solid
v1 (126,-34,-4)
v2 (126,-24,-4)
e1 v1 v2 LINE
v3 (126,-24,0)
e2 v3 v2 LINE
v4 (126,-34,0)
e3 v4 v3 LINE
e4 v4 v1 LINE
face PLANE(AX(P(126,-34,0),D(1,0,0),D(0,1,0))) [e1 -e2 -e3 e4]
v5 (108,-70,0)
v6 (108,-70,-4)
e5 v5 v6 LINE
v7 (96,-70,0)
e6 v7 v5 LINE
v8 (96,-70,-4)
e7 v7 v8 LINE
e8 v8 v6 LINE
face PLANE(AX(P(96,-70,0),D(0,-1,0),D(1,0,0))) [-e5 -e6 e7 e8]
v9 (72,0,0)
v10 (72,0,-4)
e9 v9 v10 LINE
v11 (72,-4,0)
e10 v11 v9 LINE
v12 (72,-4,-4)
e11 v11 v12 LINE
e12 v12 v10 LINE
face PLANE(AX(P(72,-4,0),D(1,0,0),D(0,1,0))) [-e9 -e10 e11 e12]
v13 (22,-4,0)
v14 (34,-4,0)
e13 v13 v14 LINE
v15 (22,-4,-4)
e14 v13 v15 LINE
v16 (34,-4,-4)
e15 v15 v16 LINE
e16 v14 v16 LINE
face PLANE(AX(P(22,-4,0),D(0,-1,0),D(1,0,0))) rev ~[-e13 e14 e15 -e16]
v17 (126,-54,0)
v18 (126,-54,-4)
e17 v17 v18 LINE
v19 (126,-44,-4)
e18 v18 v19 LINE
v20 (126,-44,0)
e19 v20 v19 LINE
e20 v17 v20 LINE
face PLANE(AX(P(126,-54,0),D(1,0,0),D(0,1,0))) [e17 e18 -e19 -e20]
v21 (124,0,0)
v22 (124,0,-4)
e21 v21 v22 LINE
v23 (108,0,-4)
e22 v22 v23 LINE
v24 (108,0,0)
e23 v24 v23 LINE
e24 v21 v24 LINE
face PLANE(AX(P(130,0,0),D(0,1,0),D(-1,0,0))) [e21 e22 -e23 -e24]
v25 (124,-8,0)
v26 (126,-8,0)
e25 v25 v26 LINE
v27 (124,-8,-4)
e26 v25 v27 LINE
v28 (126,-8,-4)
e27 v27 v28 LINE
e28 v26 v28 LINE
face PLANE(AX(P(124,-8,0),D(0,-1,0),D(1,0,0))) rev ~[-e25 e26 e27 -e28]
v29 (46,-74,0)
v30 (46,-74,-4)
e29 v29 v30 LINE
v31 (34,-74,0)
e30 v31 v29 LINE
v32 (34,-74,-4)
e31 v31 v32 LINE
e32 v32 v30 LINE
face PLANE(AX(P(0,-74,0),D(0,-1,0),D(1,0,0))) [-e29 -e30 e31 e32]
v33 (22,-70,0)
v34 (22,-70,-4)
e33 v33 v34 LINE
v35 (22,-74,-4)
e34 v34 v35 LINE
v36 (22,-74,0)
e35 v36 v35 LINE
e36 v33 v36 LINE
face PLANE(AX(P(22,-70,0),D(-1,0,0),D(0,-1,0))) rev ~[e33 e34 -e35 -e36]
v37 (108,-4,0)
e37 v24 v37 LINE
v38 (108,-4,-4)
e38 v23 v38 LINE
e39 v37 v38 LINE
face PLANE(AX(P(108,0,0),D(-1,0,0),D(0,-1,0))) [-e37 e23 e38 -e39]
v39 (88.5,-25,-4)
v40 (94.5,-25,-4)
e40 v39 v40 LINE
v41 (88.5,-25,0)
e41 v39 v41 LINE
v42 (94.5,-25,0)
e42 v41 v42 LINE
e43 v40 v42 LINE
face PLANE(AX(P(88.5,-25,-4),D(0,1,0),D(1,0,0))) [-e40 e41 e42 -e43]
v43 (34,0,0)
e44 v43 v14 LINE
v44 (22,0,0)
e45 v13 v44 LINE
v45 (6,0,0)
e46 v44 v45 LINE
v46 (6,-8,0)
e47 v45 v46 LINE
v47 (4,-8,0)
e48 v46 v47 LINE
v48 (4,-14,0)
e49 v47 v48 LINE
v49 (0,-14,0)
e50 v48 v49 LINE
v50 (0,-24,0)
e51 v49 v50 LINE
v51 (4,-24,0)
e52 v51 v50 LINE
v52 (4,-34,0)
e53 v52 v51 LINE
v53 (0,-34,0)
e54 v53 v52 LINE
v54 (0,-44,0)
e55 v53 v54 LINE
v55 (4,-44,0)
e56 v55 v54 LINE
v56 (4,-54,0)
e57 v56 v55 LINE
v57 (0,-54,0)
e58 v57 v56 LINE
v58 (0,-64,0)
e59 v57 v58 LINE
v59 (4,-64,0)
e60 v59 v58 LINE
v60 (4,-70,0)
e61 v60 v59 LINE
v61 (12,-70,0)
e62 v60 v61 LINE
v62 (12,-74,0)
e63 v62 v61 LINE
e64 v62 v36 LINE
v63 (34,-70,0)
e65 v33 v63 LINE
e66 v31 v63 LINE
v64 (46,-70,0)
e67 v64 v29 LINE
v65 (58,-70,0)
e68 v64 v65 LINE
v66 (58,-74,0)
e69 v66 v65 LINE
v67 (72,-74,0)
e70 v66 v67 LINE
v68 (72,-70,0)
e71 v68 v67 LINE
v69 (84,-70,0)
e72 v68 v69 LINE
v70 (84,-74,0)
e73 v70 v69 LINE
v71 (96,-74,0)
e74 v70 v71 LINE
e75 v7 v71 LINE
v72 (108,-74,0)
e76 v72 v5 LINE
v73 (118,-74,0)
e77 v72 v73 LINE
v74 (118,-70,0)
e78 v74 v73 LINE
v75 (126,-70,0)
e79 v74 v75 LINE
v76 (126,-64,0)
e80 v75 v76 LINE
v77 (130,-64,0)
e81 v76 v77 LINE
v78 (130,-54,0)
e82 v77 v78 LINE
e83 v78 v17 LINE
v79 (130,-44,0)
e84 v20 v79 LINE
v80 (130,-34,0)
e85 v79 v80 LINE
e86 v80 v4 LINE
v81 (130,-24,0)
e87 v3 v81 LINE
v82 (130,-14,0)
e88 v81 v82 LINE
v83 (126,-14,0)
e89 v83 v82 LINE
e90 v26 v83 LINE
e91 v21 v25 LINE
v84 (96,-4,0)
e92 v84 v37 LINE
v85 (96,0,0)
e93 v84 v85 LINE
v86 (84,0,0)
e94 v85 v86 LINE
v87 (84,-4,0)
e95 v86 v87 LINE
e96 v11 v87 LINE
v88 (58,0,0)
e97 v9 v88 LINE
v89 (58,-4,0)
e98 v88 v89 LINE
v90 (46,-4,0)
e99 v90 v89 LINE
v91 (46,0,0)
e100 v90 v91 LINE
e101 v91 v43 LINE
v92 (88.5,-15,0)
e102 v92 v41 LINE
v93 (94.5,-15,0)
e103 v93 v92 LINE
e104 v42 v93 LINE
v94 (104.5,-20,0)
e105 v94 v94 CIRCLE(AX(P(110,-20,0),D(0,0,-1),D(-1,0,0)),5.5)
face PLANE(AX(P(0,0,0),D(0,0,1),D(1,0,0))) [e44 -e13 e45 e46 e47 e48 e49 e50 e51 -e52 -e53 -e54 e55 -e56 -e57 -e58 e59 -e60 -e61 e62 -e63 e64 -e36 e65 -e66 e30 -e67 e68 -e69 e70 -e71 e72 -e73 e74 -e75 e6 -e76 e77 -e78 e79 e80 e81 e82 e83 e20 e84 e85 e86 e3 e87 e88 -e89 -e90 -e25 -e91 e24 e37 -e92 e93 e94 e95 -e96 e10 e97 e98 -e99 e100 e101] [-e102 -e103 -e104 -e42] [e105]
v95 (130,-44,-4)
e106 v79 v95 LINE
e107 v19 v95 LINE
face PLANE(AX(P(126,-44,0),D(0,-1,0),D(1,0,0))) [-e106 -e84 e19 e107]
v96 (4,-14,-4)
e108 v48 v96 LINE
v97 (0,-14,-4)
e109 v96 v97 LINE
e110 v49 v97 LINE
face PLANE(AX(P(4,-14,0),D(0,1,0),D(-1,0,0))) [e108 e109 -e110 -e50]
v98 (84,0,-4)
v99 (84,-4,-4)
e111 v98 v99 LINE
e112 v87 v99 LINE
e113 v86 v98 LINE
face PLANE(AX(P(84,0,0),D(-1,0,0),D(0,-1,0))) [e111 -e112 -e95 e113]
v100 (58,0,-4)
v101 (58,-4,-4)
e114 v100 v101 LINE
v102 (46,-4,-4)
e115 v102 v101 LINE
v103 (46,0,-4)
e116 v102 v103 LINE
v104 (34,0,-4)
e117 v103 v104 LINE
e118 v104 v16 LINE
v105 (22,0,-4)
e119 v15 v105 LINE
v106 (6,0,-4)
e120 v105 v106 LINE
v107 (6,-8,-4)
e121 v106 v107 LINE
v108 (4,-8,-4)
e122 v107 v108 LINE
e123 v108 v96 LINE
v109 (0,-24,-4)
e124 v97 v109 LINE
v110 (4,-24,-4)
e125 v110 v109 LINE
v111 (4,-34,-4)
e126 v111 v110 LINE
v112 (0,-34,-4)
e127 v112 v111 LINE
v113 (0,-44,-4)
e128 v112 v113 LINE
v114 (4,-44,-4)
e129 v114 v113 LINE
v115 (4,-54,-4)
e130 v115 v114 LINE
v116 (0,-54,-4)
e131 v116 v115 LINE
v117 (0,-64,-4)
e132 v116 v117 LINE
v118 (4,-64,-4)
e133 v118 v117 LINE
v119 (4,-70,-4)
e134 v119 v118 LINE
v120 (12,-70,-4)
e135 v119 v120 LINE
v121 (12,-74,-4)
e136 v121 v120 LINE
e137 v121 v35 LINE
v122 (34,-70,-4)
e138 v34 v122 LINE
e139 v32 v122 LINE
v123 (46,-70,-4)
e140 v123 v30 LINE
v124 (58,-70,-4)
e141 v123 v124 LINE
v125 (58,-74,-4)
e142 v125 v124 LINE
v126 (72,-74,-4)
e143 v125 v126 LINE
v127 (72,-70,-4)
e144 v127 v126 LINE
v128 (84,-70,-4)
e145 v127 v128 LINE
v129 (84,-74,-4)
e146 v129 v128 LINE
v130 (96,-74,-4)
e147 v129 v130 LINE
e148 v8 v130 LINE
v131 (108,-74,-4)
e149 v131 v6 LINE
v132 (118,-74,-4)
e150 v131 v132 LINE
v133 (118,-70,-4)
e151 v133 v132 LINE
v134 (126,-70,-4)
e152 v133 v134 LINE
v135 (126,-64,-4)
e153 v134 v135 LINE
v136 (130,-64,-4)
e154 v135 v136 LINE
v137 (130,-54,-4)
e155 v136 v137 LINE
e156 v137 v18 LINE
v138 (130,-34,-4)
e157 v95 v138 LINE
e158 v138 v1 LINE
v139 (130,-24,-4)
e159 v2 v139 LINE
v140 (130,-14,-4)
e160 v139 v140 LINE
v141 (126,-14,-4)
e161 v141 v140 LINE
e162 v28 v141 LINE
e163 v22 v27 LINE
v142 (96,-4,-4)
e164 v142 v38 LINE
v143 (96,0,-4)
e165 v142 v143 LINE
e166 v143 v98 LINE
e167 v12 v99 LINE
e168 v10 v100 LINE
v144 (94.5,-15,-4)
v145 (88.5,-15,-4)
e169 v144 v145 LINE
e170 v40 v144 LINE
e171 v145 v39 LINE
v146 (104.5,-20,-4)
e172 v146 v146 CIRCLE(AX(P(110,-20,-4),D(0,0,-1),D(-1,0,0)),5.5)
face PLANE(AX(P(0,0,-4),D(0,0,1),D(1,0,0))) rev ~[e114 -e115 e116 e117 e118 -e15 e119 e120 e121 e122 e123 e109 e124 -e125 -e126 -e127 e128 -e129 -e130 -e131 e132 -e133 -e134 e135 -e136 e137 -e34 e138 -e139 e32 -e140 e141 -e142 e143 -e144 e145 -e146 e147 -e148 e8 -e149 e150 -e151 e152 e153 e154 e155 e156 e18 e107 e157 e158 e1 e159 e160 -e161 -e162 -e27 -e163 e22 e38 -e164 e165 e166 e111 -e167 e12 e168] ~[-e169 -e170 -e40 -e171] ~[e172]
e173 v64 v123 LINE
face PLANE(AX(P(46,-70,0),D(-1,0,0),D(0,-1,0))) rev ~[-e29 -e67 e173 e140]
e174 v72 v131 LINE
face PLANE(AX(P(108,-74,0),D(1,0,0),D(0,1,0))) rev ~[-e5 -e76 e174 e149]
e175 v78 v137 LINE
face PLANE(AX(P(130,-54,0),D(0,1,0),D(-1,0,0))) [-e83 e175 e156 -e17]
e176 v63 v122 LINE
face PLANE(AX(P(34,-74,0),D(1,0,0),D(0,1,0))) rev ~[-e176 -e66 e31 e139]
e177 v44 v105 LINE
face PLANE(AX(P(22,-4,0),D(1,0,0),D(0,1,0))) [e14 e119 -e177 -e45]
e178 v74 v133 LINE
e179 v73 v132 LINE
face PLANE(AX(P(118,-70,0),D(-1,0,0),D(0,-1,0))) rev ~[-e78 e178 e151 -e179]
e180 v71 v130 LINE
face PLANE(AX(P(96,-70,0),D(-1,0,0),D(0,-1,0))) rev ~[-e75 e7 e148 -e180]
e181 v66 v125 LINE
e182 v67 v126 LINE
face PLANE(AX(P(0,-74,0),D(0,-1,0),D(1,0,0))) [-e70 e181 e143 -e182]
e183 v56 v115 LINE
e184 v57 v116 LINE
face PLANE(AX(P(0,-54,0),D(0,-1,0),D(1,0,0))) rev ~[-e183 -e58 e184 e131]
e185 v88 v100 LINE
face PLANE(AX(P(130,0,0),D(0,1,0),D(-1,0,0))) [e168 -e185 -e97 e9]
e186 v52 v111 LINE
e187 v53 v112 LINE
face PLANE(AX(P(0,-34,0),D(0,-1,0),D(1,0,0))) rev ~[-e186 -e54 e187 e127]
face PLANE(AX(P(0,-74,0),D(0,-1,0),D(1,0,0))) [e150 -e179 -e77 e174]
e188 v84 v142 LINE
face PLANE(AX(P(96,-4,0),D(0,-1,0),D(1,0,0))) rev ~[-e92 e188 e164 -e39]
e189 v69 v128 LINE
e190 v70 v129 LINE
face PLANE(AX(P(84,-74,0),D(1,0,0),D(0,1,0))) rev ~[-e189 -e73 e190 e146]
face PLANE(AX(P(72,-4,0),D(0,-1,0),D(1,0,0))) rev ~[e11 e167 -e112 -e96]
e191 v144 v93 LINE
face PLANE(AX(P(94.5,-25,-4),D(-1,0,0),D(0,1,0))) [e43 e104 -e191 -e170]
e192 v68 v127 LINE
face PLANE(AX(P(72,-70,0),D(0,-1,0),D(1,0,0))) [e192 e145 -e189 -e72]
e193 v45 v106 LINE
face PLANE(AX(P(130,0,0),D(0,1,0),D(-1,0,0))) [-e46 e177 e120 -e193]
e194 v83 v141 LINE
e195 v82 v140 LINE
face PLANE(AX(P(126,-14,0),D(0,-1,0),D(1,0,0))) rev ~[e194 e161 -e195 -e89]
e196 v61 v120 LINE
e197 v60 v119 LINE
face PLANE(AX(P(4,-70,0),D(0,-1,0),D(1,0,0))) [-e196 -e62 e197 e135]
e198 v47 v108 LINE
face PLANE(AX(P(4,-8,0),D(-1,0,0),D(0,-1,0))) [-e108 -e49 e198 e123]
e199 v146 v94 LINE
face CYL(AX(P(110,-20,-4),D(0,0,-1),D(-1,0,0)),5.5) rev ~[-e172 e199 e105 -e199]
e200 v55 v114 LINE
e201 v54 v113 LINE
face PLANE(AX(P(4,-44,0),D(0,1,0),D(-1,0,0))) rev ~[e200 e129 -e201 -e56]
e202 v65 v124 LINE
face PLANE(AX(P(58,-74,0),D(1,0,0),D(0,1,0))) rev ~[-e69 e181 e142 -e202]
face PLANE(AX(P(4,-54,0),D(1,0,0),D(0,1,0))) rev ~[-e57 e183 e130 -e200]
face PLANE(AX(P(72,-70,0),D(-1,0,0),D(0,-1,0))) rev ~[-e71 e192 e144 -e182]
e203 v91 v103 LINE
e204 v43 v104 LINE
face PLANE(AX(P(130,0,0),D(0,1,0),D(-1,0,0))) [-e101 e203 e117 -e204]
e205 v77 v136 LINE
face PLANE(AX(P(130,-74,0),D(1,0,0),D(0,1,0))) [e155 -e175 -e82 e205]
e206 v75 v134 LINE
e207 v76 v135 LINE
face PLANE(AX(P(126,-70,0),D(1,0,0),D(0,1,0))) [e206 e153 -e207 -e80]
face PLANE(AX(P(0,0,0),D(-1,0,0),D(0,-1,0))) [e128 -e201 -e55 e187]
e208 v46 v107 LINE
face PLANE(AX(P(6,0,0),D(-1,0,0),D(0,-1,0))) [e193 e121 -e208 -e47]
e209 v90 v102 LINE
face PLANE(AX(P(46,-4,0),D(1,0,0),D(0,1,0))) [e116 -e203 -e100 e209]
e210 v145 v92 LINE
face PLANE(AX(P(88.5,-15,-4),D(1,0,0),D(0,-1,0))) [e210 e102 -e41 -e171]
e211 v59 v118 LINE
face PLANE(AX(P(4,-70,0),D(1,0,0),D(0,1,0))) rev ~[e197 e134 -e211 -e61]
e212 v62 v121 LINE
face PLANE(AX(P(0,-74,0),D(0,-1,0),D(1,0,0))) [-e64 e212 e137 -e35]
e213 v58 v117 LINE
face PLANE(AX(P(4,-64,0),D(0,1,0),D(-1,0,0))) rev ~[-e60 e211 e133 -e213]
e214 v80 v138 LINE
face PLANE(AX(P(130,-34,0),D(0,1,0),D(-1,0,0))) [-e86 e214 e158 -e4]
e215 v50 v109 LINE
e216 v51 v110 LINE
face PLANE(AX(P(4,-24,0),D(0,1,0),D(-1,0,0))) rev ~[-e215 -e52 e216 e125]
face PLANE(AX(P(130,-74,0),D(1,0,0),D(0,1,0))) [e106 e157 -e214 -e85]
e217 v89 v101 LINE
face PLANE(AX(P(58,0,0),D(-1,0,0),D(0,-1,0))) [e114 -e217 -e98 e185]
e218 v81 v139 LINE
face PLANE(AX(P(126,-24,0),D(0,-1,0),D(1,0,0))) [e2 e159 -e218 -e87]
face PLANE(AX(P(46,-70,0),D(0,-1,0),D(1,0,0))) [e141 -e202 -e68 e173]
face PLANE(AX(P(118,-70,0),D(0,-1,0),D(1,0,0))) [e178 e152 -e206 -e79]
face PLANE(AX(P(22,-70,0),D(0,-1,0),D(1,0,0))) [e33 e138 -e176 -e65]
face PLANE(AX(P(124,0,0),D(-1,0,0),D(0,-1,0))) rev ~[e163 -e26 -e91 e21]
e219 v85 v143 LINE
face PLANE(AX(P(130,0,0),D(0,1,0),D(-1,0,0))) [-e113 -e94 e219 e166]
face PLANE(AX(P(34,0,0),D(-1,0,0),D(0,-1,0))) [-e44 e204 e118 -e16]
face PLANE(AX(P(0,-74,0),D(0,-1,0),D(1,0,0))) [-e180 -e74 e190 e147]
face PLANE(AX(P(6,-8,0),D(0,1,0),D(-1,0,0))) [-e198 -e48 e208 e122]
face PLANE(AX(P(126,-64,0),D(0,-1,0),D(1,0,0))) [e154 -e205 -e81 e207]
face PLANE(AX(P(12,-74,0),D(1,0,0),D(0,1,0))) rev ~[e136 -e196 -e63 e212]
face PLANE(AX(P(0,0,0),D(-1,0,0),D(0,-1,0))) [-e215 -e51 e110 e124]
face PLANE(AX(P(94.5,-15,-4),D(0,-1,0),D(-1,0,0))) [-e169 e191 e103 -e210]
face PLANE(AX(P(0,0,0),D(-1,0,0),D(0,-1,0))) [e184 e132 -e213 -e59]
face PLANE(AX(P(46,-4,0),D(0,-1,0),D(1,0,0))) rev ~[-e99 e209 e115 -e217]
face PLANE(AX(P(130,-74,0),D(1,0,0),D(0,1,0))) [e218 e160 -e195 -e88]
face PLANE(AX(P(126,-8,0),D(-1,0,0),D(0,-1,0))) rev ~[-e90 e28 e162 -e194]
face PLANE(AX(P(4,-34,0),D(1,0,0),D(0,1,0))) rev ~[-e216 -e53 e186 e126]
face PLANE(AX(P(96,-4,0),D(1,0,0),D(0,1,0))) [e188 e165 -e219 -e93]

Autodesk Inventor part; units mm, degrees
ref_plane "YZ Plane" through (0, 0, 0) normal (1, 0, 0) x (0, 1, 0)
ref_plane "XZ Plane" through (0, 0, 0) normal (0, 1, 0) x (-1, 0, 0)
ref_plane "XY Plane" through (0, 0, 0) normal (0, 0, 1) x (1, 0, 0)
sketch "Sketch1" plane through (0, 0, 0) normal (0, 0, 1) x (1, 0, 0)
  line L0 (0, -74) -> (130, -74)
  line L1 (130, -74) -> (130, 0)
  line L2 (130, 0) -> (0, 0)
  line L3 (0, 0) -> (0, -74)
  dimension "d228" = 130
  dimension "d229" = 74
extrude "Extrusion1" add sketch "Sketch1" against normal blind 4
sketch "Sketch2" plane through (0, 0, 0) normal (0, 0, 1) x (1, 0, 0)
  line L0 (0, -74) -> (0, 0) projected
  line L1 (0, -37) -> (130, -37)
  line L2 (130, 0) -> (130, -74) projected
  line L3 (65, 0) -> (65, -74)
  line L4 (130, -74) -> (0, -74) projected
  line L5 (22, -74) -> (12, -74)
  line L6 (12, -74) -> (12, -70)
  line L7 (22, -70) -> (22, -74)
  line L8 (46, -70) -> (46, -74)
  line L9 (46, -74) -> (34, -74)
  line L10 (34, -74) -> (34, -70)
  line L11 (72, -70) -> (72, -74)
  line L12 (72, -74) -> (58, -74)
  line L13 (58, -74) -> (58, -70)
  line L14 (0, -74) -> (130, -74) projected
  line L15 (96, -74) -> (84, -74)
  line L16 (84, -74) -> (84, -70)
  line L17 (96, -70) -> (96, -74)
  line L18 (118, -70) -> (118, -74)
  line L19 (118, -74) -> (108, -74)
  line L20 (108, -74) -> (108, -70)
  line L21 (0, -54) -> (4, -54)
  line L22 (4, -54) -> (4, -44)
  line L23 (4, -44) -> (0, -44)
  line L24 (0, -44) -> (0, -54)
  line L25 (0, -34) -> (4, -34)
  line L26 (4, -34) -> (4, -24)
  line L27 (4, -24) -> (0, -24)
  line L28 (0, -24) -> (0, -34)
  line L29 (0, 0) -> (0, -74) projected
  line L30 (130, -74) -> (130, 0)
  line L31 (130, 0) -> (130, -74)
  line L32 (0, -70) -> (12, -70)
  line L33 (22, -70) -> (34, -70)
  line L34 (46, -70) -> (58, -70)
  line L35 (72, -70) -> (84, -70)
  line L36 (96, -70) -> (108, -70)
  line L37 (118, -70) -> (130, -70)
  line L38 (0, 0) -> (0, -74)
  line L39 (6, 0) -> (6, -8)
  line L40 (22, -4) -> (22, 0)
  line L41 (46, -4) -> (46, 0)
  line L42 (46, 0) -> (34, 0)
  line L43 (34, 0) -> (34, -4)
  line L44 (72, -4) -> (72, 0)
  line L45 (72, 0) -> (58, 0)
  line L46 (58, 0) -> (58, -4)
  line L47 (96, -4) -> (96, 0)
  line L48 (108, 0) -> (108, -4)
  line L49 (96, 0) -> (84, 0)
  line L50 (84, 0) -> (84, -4)
  line L51 (0, -74) -> (0, 0)
  line L52 (130, 0) -> (130, -74)
  line L53 (130, -74) -> (130, 0)
  line L54 (22, -4) -> (34, -4)
  line L55 (46, -4) -> (58, -4)
  line L56 (72, -4) -> (84, -4)
  line L57 (96, -4) -> (108, -4)
  line L58 (130, -74) -> (130, 0)
  line L59 (130, 0) -> (130, -74)
  line L60 (130, 0) -> (130, -74)
  line L61 (130, -74) -> (130, 0)
  line L62 (0, -70) -> (4, -70)
  line L63 (4, -70) -> (4, -64)
  line L64 (4, -64) -> (0, -64)
  line L65 (0, -64) -> (0, -70)
  line L66 (0, -4) -> (4, -4)
  line L67 (4, -4) -> (4, -14)
  line L68 (4, -14) -> (0, -14)
  line L69 (0, -14) -> (0, -4)
  line L70 (130, -74) -> (130, 0)
  line L71 (130, -54) -> (126, -54)
  line L72 (126, -54) -> (126, -44)
  line L73 (126, -44) -> (130, -44)
  line L74 (130, -44) -> (130, -54)
  line L75 (126, -34) -> (126, -24)
  line L76 (130, -34) -> (126, -34)
  line L77 (126, -24) -> (130, -24)
  line L78 (130, -24) -> (130, -34)
  line L79 (130, 0) -> (130, -74)
  line L80 (130, 0) -> (130, -74)
  line L81 (130, -74) -> (130, 0)
  line L82 (130, -70) -> (126, -70)
  line L83 (126, -70) -> (126, -64)
  line L84 (126, -64) -> (130, -64)
  line L85 (130, -64) -> (130, -70)
  line L86 (130, -4) -> (126, -4)
  line L87 (126, -4) -> (126, -14)
  line L88 (126, -14) -> (130, -14)
  line L89 (130, -14) -> (130, -4)
  line L90 (130, 0) -> (0, 0) projected
  line L91 (6, -8) -> (0, -8)
  line L92 (124, 0) -> (124, -8)
  line L93 (124, -8) -> (130, -8)
  point P0 (58, -74)
  point P1 (72, -74)
  point P2 (0, -24)
  point P3 (0, -34)
  point P4 (84, -74)
  point P5 (96, -74)
  point P6 (0, -44)
  point P7 (130, -70)
  point P8 (0, -70)
  point P9 (0, -14)
  point P10 (0, -64)
  point P11 (126, -70)
  point P12 (130, -64)
  point P13 (130, -54)
  point P14 (130, -44)
  point P15 (130, -34)
  point P16 (130, -14)
  point P17 (0, -8)
  point P18 (126, -8)
  dimension "d234" = 10
  dimension "d235" = 12
  dimension "d236" = 12
  dimension "d237" = 12
  dimension "d238" = 14
  dimension "d240" = 12
  dimension "d242" = 12
  dimension "d243" = 10
  dimension "d244" = 12
  dimension "d245" = 12
  dimension "d246" = 12
  dimension "d249" = 10
  dimension "d251" = 10
  dimension "d255" = 10
  dimension "d262" = 4
  dimension "d267" = 10
  dimension "d268" = 10
  dimension "d271" = 10
  dimension "d272" = 14
  dimension "d274" = 6
  dimension "d278" = 8
extrude "Extrusion2" cut sketch "Sketch2" against normal blind 4 contours L0 L32 L6 L4 | L0 L64 L63 L32 | L7 L33 L10 L4 | L0 L23 L22 L21 | L8 L34 L13 L4 | L0 L27 L26 L25 | L11 L35 L16 L4 | L0 L91 L67 L68 | L76 L75 L77 L2 | L2 L71 L72 L73 | L90 L50 L56 L44 | L46 L55 L41 L90 | L0 L66 L67 L91 | L17 L36 L20 L4 | L0 L90 L39 L91 L67 L66 | L88 L87 L93 L2 | L2 L37 L83 L84 | L90 L48 L57 L47 | L43 L54 L40 L90 | L93 L87 L86 L2 | L2 L4 L18 L37 | L86 L87 L93 L92 L90 L2
sketch "Sketch3" plane through (0, 0, -4) normal (0, 0, -1) x (-1, 0, 0)
  circle A0 centre (-110, -20) radius 5.5
  line L0 (-130, -14) -> (-130, -24) projected
  line L1 (-108, 0) -> (-124, 0) projected
  point P0 (0, 0)
  dimension "d279" = 11
  dimension "d280" = 20
  dimension "d281" = 20
extrude "Extrusion3" cut sketch "Sketch3" against normal blind 4
sketch "Sketch4" plane through (0, 0, -4) normal (0, 0, -1) x (-1, 0, 0)
  line L0 (-94.5, -15) -> (-88.5, -15)
  line L1 (-88.5, -15) -> (-88.5, -25)
  line L2 (-88.5, -25) -> (-94.5, -25)
  line L3 (-94.5, -25) -> (-94.5, -15)
  circle A0 centre (-110, -20) radius 5.5 projected
  point P0 (0, 0)
  point P1 (-94.5, -20)
  dimension "d297" = 10
  dimension "d298" = 10
  dimension "d299" = 6
extrude "Extrusion4" cut sketch "Sketch4" against normal blind 4 contours L0 L1 L2 L3
properties part number "Langbektang houder"
